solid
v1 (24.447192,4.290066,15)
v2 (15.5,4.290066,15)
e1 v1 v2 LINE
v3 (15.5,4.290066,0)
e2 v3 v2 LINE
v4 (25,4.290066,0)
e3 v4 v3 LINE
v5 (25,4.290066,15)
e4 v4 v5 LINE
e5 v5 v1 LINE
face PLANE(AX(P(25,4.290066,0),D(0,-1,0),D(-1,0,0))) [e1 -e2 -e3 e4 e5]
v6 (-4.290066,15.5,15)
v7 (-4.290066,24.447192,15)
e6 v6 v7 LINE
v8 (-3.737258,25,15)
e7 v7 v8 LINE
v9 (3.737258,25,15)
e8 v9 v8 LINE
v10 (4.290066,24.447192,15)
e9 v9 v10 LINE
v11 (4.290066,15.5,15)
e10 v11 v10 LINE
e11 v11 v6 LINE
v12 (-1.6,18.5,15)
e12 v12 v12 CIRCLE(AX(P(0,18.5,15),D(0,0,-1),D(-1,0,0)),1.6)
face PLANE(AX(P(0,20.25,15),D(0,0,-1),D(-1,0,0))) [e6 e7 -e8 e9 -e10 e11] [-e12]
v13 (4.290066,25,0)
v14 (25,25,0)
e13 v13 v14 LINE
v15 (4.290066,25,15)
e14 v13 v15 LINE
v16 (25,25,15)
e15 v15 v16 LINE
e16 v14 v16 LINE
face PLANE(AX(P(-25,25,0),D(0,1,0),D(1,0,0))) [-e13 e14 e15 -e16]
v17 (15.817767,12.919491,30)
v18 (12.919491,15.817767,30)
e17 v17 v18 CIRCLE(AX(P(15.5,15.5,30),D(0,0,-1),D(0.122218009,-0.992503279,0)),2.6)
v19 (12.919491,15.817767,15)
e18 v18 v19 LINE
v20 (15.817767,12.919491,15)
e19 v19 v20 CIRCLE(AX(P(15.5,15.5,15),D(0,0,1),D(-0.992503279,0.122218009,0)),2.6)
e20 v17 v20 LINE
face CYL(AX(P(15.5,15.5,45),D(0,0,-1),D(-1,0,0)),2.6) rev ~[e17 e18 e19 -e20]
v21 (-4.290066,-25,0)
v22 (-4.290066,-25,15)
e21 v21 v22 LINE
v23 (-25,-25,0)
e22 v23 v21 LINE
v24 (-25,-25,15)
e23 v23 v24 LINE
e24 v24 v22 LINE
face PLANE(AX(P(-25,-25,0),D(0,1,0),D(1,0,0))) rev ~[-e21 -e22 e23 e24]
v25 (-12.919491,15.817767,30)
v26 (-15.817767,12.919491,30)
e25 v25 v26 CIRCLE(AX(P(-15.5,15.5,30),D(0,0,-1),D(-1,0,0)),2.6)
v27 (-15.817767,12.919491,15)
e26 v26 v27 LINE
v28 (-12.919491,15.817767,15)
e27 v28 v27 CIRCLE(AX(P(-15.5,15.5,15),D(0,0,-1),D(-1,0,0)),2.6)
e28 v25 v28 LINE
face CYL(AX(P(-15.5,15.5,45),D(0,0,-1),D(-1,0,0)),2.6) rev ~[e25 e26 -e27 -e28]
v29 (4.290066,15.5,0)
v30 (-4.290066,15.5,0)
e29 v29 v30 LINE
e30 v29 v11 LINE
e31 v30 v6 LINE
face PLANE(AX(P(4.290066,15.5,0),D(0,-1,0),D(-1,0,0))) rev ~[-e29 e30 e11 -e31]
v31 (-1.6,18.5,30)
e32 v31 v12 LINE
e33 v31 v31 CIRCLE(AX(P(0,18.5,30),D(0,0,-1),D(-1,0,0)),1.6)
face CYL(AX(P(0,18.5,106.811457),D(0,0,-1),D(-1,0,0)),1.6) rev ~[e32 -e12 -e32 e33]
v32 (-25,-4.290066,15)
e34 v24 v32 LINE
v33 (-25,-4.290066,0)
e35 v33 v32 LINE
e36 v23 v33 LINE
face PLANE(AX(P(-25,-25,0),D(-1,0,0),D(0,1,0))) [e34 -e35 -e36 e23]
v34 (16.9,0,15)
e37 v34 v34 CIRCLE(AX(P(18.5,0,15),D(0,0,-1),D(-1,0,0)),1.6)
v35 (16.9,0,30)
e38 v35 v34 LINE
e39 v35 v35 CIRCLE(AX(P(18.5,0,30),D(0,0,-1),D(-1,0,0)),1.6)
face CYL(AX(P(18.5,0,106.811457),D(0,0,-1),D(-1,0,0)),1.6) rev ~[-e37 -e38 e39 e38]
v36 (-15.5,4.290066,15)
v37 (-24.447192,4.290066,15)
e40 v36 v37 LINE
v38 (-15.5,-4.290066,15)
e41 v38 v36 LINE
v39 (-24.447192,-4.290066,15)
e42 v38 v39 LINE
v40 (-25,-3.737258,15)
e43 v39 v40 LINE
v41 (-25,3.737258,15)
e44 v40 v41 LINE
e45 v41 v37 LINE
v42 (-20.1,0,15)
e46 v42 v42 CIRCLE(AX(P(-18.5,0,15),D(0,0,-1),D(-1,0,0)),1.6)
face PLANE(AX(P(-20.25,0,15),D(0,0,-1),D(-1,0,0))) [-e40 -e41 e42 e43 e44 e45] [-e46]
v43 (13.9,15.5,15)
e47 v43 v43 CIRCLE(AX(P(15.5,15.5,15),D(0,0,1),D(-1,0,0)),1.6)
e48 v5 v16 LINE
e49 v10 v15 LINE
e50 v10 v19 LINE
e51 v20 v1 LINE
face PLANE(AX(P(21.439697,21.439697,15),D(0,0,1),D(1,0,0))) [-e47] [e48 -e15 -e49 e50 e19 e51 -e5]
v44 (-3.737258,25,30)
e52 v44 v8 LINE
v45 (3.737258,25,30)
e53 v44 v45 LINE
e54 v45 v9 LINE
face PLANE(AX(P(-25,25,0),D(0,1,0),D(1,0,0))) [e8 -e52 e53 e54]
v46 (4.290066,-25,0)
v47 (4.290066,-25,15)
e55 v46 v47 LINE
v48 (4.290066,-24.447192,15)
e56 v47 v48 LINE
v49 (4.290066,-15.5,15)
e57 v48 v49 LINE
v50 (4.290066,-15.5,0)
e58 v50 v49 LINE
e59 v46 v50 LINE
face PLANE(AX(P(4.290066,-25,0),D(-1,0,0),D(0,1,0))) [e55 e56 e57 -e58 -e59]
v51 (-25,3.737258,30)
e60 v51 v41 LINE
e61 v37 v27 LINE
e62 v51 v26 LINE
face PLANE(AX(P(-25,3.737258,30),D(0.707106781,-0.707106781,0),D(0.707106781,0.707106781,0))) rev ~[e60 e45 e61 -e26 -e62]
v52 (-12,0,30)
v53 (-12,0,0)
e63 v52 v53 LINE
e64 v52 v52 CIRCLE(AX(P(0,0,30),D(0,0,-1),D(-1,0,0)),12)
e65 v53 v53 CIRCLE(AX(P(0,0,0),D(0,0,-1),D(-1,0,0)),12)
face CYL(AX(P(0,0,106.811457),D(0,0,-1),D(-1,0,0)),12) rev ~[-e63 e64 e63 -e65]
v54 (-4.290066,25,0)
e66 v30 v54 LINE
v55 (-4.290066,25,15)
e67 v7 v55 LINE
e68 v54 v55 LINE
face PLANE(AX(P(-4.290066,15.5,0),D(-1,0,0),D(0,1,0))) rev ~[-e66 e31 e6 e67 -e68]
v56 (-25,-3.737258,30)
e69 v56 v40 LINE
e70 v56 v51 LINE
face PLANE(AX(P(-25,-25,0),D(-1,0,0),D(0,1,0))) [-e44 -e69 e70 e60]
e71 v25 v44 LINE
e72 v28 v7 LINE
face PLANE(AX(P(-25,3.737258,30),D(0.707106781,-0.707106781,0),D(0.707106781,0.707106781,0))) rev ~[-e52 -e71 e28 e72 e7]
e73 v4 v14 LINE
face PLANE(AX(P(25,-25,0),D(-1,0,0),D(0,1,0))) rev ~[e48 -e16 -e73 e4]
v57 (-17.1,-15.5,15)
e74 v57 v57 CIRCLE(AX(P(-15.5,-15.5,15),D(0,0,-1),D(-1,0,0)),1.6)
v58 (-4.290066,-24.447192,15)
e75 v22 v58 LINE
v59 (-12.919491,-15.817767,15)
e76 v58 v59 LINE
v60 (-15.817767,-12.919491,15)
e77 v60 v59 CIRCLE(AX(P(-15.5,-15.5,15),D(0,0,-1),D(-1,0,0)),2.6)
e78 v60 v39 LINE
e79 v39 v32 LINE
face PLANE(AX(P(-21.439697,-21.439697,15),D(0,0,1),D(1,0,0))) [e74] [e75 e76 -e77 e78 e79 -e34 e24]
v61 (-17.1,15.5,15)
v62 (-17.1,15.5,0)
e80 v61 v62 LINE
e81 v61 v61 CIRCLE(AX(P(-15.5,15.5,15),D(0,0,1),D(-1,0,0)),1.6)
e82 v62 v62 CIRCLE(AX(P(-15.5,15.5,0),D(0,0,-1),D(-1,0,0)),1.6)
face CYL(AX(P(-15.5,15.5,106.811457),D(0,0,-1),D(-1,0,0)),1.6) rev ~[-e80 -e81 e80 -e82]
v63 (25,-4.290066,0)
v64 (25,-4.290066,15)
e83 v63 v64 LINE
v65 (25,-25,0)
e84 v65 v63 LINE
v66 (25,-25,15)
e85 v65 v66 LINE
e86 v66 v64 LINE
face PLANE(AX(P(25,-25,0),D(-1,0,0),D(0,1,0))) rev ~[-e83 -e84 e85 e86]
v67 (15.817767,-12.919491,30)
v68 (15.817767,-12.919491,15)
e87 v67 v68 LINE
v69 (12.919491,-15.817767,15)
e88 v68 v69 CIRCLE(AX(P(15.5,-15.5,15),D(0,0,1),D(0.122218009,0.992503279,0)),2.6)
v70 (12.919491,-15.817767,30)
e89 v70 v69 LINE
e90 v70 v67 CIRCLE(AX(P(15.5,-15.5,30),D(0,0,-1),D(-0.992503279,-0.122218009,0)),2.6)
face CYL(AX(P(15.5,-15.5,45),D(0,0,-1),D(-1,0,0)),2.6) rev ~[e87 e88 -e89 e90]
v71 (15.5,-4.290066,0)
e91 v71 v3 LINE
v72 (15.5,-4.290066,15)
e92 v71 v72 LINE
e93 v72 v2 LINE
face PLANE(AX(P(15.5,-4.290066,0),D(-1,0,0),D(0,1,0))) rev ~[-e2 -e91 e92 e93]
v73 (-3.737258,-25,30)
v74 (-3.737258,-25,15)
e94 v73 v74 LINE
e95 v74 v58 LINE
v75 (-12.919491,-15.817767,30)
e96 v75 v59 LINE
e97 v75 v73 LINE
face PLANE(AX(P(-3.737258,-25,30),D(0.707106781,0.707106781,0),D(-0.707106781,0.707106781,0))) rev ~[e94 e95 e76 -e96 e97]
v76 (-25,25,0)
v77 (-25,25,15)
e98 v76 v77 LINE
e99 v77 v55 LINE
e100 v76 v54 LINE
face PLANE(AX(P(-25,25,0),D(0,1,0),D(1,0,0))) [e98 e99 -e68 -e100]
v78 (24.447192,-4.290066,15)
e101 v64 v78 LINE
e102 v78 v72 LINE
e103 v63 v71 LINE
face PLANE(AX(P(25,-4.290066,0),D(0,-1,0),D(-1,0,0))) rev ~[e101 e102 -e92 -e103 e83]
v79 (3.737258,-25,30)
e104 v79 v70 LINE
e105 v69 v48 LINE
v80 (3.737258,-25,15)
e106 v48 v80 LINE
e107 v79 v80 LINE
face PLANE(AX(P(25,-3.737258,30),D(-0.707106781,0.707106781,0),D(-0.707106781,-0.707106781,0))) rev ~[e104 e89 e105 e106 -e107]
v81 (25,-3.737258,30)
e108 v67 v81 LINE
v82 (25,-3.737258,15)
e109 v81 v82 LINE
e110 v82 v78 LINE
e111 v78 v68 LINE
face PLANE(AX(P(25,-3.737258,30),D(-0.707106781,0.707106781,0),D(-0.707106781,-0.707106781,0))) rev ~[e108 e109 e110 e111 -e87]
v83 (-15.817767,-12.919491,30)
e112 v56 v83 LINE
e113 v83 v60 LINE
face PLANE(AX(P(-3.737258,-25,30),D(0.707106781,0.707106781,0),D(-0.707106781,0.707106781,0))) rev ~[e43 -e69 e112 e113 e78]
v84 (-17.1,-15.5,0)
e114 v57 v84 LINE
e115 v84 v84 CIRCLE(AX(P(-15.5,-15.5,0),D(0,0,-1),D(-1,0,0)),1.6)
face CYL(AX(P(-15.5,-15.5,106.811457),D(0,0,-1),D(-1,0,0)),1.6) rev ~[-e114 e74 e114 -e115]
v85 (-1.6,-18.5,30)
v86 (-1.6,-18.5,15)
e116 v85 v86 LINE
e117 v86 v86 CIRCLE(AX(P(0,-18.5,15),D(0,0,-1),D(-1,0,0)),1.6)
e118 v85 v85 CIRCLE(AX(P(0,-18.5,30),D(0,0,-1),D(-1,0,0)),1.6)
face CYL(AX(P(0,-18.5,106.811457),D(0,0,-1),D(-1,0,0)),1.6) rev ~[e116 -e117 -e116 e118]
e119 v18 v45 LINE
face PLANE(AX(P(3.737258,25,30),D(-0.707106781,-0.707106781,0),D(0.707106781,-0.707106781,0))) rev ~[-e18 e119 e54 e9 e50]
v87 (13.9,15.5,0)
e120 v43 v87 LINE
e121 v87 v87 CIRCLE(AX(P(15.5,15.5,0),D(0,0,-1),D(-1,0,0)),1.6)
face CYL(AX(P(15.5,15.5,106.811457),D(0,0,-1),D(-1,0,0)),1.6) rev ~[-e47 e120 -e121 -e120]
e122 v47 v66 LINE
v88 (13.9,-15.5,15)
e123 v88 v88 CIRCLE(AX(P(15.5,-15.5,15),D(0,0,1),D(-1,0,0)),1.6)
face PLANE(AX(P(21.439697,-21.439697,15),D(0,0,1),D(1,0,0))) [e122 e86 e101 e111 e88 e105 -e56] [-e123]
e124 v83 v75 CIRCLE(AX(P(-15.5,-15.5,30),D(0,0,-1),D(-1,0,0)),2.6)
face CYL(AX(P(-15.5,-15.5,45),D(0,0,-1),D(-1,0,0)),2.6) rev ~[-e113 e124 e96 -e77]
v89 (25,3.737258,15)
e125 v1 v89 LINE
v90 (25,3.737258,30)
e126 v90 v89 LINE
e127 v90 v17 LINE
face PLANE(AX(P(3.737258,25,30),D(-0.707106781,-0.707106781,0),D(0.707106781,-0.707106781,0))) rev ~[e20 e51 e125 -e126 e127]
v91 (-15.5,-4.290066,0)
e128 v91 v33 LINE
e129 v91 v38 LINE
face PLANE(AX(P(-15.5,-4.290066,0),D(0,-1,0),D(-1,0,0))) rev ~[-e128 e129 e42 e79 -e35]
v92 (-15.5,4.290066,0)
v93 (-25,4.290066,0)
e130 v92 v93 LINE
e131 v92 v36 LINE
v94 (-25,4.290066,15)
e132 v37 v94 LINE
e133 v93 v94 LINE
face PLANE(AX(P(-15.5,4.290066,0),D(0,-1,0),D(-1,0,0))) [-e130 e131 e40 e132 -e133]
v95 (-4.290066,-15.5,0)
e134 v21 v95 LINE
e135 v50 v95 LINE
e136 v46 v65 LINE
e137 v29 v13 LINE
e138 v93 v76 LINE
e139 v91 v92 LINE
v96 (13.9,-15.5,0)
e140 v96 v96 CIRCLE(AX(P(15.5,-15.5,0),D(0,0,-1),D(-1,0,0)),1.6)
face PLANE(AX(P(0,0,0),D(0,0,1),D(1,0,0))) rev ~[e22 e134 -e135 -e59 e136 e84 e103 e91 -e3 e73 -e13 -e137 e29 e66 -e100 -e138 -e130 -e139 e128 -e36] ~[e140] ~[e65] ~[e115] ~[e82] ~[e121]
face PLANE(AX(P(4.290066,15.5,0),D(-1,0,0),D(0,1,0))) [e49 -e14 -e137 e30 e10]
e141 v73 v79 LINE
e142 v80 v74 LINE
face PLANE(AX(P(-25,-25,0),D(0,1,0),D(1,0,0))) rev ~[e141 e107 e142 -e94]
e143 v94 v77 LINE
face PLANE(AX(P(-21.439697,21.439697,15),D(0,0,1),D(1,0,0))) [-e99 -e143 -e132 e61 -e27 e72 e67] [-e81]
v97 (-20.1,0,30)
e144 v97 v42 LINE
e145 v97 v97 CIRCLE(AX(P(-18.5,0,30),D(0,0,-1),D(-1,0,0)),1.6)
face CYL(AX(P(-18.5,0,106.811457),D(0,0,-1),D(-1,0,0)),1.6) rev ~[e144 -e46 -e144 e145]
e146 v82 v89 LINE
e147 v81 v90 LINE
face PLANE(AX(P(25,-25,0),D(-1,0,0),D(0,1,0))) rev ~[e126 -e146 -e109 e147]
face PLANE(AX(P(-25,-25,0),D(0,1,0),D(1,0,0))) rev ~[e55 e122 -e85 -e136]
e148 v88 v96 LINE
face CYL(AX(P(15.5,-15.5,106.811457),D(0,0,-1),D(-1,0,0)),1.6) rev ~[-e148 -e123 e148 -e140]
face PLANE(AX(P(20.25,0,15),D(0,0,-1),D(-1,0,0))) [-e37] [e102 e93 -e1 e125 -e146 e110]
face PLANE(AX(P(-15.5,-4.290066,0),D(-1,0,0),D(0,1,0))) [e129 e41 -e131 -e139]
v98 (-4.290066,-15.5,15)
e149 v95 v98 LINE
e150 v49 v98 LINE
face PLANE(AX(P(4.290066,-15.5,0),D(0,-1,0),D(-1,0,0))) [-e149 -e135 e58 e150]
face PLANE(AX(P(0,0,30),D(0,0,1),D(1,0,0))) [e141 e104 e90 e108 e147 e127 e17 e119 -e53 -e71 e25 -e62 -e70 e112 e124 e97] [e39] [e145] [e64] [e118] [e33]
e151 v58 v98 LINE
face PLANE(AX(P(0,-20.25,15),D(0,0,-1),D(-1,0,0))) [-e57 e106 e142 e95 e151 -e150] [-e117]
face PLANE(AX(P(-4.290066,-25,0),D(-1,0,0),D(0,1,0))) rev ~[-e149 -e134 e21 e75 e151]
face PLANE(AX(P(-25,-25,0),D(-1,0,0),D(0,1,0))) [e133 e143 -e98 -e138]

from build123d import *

# Parameters (mm, degrees)
SKETCH_1_W          = 50
SKETCH_1_H          = 50
EXTRUDE_1_DEPTH     = 30
HOLE_WIZARD_348_D   = 24
HOLE_WIZARD_1_D     = 3.2
HOLE_WIZARD_2_D     = 3.2
CUT_EXTRUDE_1_DEPTH = 15
SKETCH_16_W         = 8.580132312
SKETCH_16_H         = 9.5
SKETCH_16_W_2       = 9.5
SKETCH_16_H_2       = 8.580132312
CUT_EXTRUDE_3_DEPTH = 15
HOLE_WIZARD_3_D     = 5.2
HOLE_WIZARD_3_DEPTH = 15


with BuildPart() as part:
    # 草图1 → 凸台-拉伸1 (new body)
    with BuildSketch(Plane.XY):
        Rectangle(SKETCH_1_W, SKETCH_1_H)
    extrude(amount=EXTRUDE_1_DEPTH)

    # Hole Wizard 348 (through all)
    with Locations(Plane.XY.offset(30)):
        with Locations((0, 0)):
            Hole(HOLE_WIZARD_348_D / 2)

    # 孔1 (through all)
    with Locations(Plane.XY.offset(30)):
        with Locations((-15.5, 15.5), (15.5, 15.5), (15.5, -15.5), (-15.5, -15.5)):
            Hole(HOLE_WIZARD_1_D / 2)

    # 孔2 (through all)
    with Locations(Plane.XY.offset(30)):
        with Locations((0, 18.5), (18.5, 0), (0, -18.5), (-18.5, 0)):
            Hole(HOLE_WIZARD_2_D / 2)

    # 草图13 → 切除-拉伸-薄壁1 (cut)
    with BuildSketch(Plane.XY.offset(30)):
        Polygon((-25, 3.7372583), (-14.36862915, 14.36862915), (-3.7372583, 25), (-17.879393924, 39.142135624), (-28.510764774, 28.510764774), (-39.142135624, 17.879393924), align=None)
        Polygon((3.7372583, 25), (14.36862915, 14.36862915), (25, 3.7372583), (39.142135624, 17.879393924), (28.510764774, 28.510764774), (17.879393924, 39.142135624), align=None)
        Polygon((-3.7372583, -25), (-14.36862915, -14.36862915), (-25, -3.7372583), (-39.142135624, -17.879393924), (-28.510764774, -28.510764774), (-17.879393924, -39.142135624), align=None)
        Polygon((25, -3.7372583), (14.36862915, -14.36862915), (3.7372583, -25), (17.879393924, -39.142135624), (28.510764774, -28.510764774), (39.142135624, -17.879393924), align=None)
    extrude(amount=-CUT_EXTRUDE_1_DEPTH, mode=Mode.SUBTRACT)

    # 草图16 → 切除-拉伸3 (cut)
    with BuildSketch(Plane(origin=(0, 0, 0), x_dir=(-1, 0, 0), z_dir=(0, 0, -1))):
        with Locations((0, 20.25)):
            Rectangle(SKETCH_16_W, SKETCH_16_H)
        with Locations((0, -20.25)):
            Rectangle(SKETCH_16_W, SKETCH_16_H)
        with Locations((-20.25, 0)):
            Rectangle(SKETCH_16_W_2, SKETCH_16_H_2)
        with Locations((20.25, 0)):
            Rectangle(SKETCH_16_W_2, SKETCH_16_H_2)
    extrude(amount=-CUT_EXTRUDE_3_DEPTH, mode=Mode.SUBTRACT)

    # 孔3
    with Locations(Plane.XY.offset(30)):
        with Locations((-15.5, 15.5), (15.5, 15.5), (15.5, -15.5), (-15.5, -15.5)):
            Hole(HOLE_WIZARD_3_D / 2, depth=HOLE_WIZARD_3_DEPTH)


solid = part.part
